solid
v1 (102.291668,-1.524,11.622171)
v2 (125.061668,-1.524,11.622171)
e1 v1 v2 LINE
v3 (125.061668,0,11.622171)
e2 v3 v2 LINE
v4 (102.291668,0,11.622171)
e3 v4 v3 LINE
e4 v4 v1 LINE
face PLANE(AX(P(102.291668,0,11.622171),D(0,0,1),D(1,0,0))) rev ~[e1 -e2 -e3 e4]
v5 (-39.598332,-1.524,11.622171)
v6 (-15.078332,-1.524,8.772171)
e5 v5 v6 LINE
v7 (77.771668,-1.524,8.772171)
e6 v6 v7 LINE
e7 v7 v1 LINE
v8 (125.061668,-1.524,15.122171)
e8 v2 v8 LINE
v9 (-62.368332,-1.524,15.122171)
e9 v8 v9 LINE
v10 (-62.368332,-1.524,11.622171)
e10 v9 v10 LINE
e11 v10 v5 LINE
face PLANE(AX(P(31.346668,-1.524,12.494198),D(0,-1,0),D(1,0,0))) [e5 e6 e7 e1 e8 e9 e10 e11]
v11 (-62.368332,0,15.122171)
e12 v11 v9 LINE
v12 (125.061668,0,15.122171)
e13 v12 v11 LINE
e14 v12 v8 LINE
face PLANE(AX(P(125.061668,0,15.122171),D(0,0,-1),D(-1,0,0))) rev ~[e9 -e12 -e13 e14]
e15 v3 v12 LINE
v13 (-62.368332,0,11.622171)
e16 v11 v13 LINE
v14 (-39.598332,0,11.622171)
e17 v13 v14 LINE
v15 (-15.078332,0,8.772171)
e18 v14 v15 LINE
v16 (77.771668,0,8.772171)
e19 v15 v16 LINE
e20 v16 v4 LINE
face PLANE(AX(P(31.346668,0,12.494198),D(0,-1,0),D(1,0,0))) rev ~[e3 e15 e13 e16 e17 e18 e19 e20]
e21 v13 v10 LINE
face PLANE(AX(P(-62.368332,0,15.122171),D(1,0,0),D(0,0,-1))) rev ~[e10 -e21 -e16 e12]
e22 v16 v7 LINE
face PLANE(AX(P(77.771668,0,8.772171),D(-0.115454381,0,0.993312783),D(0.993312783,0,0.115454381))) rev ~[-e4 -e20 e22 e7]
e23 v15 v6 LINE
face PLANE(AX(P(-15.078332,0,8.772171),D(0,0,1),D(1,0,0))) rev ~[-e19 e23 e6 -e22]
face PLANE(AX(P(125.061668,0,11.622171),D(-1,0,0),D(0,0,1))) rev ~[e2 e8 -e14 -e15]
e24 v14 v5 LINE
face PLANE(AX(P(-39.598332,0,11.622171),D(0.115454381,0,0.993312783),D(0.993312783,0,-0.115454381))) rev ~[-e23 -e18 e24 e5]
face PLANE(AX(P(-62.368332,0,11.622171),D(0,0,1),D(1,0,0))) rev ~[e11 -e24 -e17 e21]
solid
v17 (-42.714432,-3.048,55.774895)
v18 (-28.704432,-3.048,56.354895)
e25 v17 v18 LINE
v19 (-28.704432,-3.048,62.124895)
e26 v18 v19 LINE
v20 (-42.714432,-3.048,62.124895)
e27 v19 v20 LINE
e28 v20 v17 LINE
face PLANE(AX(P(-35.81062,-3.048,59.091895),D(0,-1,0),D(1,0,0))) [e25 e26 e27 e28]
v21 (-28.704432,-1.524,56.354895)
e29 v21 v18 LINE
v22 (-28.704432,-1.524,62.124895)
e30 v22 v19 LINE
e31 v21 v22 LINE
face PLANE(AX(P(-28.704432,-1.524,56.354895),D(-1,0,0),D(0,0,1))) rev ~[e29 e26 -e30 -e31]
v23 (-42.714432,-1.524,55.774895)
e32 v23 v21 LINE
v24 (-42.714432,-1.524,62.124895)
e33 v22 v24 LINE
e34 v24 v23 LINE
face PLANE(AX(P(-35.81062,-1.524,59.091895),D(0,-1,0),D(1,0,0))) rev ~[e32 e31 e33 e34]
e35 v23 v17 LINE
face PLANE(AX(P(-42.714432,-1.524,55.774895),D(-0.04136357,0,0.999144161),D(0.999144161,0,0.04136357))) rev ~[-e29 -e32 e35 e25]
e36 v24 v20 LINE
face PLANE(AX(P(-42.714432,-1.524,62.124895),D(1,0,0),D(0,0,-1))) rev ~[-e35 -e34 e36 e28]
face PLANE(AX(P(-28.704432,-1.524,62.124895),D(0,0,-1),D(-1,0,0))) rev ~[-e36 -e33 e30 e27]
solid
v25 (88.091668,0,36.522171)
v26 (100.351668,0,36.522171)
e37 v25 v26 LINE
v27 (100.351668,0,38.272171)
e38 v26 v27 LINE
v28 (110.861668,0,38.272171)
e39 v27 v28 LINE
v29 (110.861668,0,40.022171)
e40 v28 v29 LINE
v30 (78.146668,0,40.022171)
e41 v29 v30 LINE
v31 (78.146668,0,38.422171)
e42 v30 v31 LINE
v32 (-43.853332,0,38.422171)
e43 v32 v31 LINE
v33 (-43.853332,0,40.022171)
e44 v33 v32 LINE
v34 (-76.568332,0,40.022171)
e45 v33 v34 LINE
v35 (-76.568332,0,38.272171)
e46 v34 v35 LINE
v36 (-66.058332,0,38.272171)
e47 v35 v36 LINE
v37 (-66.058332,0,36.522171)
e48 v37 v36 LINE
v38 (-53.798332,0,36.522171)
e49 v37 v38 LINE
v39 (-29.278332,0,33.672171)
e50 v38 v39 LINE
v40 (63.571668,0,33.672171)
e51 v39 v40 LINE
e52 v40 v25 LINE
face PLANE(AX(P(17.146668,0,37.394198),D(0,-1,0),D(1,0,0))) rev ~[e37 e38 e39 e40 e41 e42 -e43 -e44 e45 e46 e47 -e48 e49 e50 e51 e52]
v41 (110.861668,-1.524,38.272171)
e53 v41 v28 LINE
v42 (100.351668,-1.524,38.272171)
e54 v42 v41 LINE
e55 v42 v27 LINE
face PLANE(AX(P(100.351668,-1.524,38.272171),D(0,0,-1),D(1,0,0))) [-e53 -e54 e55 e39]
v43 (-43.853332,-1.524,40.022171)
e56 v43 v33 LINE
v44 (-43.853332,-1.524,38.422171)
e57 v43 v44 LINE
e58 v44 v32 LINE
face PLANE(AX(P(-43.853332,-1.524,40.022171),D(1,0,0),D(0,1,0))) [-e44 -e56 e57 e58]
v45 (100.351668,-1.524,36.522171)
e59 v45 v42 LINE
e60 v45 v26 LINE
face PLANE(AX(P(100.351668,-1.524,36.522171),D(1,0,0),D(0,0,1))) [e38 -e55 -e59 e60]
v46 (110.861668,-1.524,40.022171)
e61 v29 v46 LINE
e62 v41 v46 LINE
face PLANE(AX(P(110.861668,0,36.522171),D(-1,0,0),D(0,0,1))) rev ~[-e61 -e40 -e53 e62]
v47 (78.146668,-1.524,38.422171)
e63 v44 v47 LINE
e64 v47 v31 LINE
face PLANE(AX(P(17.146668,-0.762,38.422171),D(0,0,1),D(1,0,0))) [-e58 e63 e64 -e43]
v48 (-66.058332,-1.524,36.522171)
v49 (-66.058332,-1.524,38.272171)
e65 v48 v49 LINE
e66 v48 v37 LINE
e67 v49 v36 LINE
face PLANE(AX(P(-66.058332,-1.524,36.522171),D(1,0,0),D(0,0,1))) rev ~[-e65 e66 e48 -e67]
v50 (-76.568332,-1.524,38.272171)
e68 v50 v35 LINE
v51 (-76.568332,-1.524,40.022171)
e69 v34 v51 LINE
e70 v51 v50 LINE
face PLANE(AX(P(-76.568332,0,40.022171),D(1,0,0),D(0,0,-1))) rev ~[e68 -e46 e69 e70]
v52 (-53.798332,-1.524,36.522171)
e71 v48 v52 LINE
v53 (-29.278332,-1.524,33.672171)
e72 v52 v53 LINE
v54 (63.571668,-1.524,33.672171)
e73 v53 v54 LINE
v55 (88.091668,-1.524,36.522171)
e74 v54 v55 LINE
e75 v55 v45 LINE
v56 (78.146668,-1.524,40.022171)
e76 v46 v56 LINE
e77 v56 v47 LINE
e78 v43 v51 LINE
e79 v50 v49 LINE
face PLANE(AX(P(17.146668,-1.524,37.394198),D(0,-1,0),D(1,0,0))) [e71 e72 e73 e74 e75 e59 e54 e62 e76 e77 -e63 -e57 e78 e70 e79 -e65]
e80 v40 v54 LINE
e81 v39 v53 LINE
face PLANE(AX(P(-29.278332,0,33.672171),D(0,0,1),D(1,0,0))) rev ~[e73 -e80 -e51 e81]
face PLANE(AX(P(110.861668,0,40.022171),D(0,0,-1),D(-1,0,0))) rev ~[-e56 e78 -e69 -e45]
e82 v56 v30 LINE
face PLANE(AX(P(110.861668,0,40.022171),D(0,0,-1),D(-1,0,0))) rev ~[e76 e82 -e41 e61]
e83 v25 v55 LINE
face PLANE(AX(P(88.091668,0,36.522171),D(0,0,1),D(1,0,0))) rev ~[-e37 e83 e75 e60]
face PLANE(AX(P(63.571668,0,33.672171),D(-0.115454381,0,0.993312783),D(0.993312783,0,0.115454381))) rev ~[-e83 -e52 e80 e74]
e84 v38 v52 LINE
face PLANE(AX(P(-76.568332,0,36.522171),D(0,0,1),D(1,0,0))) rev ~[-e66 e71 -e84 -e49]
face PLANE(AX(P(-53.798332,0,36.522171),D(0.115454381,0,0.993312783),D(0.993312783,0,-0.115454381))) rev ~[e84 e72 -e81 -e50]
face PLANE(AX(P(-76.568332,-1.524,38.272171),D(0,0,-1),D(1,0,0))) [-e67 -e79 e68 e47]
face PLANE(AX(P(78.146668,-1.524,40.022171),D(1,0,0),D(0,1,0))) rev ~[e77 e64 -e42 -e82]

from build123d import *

# Parameters (mm, degrees)
F1_DEPTH  = 1.524
F3_W      = 10.51
F3_H      = 1.75
F4_DEPTH  = 1.524
F5_W      = 10.51
F5_H      = 1.75
F6_DEPTH  = 1.524
F7_W      = 122
F7_H      = 1.524
F8_DEPTH  = 1.6
F10_DEPTH = 1.524


with BuildPart() as f1:
    # F0 (on Front) → F1 (new body)
    with BuildSketch(Plane.XZ):
        Polygon((125.0616679081, 15.1221710391), (-62.3683320919, 15.1221710391), (-62.3683320919, 11.6221710391), (-39.5983320919, 11.6221710391), (-15.0783320919, 8.7721710391), (77.7716679081, 8.7721710391), (102.2916679081, 11.6221710391), (125.0616679081, 11.6221710391), align=None)
    extrude(amount=F1_DEPTH)


with BuildPart() as f2_1:
    # F2: copy of F1
    add(f1.part.moved(Location((-14.2, 0, 24.9))))

    # F3 (on face) → F4 (cut)
    with BuildSketch(Plane.XZ.offset(1.524)):
        with Locations((-71.3133320919, 37.3971710391)):
            Rectangle(F3_W, F3_H)
    extrude(amount=-F4_DEPTH, mode=Mode.SUBTRACT)

    # F5 (on face) → F6 (cut)
    with BuildSketch(Plane.XZ.offset(1.524)):
        with Locations((105.6066679081, 37.3971710391)):
            Rectangle(F5_W, F5_H)
    extrude(amount=-F6_DEPTH, mode=Mode.SUBTRACT)

    # F7 (on face) → F8 (cut)
    with BuildSketch(Plane.XY.offset(40.0221710391)):
        with Locations((17.1466679081, -0.762)):
            Rectangle(F7_W, F7_H)
    extrude(amount=-F8_DEPTH, mode=Mode.SUBTRACT)


with BuildPart() as f10:
    # F9 (on face) → F10 (new body)
    with BuildSketch(Plane.XZ.offset(1.524)):
        Polygon((-28.704431866, 62.1248952341), (-42.714431866, 62.1248952341), (-42.714431866, 55.7748952341), (-28.704431866, 56.3548952341), align=None)
    extrude(amount=F10_DEPTH)


solid = Compound([f1.part, f2_1.part, f10.part])
